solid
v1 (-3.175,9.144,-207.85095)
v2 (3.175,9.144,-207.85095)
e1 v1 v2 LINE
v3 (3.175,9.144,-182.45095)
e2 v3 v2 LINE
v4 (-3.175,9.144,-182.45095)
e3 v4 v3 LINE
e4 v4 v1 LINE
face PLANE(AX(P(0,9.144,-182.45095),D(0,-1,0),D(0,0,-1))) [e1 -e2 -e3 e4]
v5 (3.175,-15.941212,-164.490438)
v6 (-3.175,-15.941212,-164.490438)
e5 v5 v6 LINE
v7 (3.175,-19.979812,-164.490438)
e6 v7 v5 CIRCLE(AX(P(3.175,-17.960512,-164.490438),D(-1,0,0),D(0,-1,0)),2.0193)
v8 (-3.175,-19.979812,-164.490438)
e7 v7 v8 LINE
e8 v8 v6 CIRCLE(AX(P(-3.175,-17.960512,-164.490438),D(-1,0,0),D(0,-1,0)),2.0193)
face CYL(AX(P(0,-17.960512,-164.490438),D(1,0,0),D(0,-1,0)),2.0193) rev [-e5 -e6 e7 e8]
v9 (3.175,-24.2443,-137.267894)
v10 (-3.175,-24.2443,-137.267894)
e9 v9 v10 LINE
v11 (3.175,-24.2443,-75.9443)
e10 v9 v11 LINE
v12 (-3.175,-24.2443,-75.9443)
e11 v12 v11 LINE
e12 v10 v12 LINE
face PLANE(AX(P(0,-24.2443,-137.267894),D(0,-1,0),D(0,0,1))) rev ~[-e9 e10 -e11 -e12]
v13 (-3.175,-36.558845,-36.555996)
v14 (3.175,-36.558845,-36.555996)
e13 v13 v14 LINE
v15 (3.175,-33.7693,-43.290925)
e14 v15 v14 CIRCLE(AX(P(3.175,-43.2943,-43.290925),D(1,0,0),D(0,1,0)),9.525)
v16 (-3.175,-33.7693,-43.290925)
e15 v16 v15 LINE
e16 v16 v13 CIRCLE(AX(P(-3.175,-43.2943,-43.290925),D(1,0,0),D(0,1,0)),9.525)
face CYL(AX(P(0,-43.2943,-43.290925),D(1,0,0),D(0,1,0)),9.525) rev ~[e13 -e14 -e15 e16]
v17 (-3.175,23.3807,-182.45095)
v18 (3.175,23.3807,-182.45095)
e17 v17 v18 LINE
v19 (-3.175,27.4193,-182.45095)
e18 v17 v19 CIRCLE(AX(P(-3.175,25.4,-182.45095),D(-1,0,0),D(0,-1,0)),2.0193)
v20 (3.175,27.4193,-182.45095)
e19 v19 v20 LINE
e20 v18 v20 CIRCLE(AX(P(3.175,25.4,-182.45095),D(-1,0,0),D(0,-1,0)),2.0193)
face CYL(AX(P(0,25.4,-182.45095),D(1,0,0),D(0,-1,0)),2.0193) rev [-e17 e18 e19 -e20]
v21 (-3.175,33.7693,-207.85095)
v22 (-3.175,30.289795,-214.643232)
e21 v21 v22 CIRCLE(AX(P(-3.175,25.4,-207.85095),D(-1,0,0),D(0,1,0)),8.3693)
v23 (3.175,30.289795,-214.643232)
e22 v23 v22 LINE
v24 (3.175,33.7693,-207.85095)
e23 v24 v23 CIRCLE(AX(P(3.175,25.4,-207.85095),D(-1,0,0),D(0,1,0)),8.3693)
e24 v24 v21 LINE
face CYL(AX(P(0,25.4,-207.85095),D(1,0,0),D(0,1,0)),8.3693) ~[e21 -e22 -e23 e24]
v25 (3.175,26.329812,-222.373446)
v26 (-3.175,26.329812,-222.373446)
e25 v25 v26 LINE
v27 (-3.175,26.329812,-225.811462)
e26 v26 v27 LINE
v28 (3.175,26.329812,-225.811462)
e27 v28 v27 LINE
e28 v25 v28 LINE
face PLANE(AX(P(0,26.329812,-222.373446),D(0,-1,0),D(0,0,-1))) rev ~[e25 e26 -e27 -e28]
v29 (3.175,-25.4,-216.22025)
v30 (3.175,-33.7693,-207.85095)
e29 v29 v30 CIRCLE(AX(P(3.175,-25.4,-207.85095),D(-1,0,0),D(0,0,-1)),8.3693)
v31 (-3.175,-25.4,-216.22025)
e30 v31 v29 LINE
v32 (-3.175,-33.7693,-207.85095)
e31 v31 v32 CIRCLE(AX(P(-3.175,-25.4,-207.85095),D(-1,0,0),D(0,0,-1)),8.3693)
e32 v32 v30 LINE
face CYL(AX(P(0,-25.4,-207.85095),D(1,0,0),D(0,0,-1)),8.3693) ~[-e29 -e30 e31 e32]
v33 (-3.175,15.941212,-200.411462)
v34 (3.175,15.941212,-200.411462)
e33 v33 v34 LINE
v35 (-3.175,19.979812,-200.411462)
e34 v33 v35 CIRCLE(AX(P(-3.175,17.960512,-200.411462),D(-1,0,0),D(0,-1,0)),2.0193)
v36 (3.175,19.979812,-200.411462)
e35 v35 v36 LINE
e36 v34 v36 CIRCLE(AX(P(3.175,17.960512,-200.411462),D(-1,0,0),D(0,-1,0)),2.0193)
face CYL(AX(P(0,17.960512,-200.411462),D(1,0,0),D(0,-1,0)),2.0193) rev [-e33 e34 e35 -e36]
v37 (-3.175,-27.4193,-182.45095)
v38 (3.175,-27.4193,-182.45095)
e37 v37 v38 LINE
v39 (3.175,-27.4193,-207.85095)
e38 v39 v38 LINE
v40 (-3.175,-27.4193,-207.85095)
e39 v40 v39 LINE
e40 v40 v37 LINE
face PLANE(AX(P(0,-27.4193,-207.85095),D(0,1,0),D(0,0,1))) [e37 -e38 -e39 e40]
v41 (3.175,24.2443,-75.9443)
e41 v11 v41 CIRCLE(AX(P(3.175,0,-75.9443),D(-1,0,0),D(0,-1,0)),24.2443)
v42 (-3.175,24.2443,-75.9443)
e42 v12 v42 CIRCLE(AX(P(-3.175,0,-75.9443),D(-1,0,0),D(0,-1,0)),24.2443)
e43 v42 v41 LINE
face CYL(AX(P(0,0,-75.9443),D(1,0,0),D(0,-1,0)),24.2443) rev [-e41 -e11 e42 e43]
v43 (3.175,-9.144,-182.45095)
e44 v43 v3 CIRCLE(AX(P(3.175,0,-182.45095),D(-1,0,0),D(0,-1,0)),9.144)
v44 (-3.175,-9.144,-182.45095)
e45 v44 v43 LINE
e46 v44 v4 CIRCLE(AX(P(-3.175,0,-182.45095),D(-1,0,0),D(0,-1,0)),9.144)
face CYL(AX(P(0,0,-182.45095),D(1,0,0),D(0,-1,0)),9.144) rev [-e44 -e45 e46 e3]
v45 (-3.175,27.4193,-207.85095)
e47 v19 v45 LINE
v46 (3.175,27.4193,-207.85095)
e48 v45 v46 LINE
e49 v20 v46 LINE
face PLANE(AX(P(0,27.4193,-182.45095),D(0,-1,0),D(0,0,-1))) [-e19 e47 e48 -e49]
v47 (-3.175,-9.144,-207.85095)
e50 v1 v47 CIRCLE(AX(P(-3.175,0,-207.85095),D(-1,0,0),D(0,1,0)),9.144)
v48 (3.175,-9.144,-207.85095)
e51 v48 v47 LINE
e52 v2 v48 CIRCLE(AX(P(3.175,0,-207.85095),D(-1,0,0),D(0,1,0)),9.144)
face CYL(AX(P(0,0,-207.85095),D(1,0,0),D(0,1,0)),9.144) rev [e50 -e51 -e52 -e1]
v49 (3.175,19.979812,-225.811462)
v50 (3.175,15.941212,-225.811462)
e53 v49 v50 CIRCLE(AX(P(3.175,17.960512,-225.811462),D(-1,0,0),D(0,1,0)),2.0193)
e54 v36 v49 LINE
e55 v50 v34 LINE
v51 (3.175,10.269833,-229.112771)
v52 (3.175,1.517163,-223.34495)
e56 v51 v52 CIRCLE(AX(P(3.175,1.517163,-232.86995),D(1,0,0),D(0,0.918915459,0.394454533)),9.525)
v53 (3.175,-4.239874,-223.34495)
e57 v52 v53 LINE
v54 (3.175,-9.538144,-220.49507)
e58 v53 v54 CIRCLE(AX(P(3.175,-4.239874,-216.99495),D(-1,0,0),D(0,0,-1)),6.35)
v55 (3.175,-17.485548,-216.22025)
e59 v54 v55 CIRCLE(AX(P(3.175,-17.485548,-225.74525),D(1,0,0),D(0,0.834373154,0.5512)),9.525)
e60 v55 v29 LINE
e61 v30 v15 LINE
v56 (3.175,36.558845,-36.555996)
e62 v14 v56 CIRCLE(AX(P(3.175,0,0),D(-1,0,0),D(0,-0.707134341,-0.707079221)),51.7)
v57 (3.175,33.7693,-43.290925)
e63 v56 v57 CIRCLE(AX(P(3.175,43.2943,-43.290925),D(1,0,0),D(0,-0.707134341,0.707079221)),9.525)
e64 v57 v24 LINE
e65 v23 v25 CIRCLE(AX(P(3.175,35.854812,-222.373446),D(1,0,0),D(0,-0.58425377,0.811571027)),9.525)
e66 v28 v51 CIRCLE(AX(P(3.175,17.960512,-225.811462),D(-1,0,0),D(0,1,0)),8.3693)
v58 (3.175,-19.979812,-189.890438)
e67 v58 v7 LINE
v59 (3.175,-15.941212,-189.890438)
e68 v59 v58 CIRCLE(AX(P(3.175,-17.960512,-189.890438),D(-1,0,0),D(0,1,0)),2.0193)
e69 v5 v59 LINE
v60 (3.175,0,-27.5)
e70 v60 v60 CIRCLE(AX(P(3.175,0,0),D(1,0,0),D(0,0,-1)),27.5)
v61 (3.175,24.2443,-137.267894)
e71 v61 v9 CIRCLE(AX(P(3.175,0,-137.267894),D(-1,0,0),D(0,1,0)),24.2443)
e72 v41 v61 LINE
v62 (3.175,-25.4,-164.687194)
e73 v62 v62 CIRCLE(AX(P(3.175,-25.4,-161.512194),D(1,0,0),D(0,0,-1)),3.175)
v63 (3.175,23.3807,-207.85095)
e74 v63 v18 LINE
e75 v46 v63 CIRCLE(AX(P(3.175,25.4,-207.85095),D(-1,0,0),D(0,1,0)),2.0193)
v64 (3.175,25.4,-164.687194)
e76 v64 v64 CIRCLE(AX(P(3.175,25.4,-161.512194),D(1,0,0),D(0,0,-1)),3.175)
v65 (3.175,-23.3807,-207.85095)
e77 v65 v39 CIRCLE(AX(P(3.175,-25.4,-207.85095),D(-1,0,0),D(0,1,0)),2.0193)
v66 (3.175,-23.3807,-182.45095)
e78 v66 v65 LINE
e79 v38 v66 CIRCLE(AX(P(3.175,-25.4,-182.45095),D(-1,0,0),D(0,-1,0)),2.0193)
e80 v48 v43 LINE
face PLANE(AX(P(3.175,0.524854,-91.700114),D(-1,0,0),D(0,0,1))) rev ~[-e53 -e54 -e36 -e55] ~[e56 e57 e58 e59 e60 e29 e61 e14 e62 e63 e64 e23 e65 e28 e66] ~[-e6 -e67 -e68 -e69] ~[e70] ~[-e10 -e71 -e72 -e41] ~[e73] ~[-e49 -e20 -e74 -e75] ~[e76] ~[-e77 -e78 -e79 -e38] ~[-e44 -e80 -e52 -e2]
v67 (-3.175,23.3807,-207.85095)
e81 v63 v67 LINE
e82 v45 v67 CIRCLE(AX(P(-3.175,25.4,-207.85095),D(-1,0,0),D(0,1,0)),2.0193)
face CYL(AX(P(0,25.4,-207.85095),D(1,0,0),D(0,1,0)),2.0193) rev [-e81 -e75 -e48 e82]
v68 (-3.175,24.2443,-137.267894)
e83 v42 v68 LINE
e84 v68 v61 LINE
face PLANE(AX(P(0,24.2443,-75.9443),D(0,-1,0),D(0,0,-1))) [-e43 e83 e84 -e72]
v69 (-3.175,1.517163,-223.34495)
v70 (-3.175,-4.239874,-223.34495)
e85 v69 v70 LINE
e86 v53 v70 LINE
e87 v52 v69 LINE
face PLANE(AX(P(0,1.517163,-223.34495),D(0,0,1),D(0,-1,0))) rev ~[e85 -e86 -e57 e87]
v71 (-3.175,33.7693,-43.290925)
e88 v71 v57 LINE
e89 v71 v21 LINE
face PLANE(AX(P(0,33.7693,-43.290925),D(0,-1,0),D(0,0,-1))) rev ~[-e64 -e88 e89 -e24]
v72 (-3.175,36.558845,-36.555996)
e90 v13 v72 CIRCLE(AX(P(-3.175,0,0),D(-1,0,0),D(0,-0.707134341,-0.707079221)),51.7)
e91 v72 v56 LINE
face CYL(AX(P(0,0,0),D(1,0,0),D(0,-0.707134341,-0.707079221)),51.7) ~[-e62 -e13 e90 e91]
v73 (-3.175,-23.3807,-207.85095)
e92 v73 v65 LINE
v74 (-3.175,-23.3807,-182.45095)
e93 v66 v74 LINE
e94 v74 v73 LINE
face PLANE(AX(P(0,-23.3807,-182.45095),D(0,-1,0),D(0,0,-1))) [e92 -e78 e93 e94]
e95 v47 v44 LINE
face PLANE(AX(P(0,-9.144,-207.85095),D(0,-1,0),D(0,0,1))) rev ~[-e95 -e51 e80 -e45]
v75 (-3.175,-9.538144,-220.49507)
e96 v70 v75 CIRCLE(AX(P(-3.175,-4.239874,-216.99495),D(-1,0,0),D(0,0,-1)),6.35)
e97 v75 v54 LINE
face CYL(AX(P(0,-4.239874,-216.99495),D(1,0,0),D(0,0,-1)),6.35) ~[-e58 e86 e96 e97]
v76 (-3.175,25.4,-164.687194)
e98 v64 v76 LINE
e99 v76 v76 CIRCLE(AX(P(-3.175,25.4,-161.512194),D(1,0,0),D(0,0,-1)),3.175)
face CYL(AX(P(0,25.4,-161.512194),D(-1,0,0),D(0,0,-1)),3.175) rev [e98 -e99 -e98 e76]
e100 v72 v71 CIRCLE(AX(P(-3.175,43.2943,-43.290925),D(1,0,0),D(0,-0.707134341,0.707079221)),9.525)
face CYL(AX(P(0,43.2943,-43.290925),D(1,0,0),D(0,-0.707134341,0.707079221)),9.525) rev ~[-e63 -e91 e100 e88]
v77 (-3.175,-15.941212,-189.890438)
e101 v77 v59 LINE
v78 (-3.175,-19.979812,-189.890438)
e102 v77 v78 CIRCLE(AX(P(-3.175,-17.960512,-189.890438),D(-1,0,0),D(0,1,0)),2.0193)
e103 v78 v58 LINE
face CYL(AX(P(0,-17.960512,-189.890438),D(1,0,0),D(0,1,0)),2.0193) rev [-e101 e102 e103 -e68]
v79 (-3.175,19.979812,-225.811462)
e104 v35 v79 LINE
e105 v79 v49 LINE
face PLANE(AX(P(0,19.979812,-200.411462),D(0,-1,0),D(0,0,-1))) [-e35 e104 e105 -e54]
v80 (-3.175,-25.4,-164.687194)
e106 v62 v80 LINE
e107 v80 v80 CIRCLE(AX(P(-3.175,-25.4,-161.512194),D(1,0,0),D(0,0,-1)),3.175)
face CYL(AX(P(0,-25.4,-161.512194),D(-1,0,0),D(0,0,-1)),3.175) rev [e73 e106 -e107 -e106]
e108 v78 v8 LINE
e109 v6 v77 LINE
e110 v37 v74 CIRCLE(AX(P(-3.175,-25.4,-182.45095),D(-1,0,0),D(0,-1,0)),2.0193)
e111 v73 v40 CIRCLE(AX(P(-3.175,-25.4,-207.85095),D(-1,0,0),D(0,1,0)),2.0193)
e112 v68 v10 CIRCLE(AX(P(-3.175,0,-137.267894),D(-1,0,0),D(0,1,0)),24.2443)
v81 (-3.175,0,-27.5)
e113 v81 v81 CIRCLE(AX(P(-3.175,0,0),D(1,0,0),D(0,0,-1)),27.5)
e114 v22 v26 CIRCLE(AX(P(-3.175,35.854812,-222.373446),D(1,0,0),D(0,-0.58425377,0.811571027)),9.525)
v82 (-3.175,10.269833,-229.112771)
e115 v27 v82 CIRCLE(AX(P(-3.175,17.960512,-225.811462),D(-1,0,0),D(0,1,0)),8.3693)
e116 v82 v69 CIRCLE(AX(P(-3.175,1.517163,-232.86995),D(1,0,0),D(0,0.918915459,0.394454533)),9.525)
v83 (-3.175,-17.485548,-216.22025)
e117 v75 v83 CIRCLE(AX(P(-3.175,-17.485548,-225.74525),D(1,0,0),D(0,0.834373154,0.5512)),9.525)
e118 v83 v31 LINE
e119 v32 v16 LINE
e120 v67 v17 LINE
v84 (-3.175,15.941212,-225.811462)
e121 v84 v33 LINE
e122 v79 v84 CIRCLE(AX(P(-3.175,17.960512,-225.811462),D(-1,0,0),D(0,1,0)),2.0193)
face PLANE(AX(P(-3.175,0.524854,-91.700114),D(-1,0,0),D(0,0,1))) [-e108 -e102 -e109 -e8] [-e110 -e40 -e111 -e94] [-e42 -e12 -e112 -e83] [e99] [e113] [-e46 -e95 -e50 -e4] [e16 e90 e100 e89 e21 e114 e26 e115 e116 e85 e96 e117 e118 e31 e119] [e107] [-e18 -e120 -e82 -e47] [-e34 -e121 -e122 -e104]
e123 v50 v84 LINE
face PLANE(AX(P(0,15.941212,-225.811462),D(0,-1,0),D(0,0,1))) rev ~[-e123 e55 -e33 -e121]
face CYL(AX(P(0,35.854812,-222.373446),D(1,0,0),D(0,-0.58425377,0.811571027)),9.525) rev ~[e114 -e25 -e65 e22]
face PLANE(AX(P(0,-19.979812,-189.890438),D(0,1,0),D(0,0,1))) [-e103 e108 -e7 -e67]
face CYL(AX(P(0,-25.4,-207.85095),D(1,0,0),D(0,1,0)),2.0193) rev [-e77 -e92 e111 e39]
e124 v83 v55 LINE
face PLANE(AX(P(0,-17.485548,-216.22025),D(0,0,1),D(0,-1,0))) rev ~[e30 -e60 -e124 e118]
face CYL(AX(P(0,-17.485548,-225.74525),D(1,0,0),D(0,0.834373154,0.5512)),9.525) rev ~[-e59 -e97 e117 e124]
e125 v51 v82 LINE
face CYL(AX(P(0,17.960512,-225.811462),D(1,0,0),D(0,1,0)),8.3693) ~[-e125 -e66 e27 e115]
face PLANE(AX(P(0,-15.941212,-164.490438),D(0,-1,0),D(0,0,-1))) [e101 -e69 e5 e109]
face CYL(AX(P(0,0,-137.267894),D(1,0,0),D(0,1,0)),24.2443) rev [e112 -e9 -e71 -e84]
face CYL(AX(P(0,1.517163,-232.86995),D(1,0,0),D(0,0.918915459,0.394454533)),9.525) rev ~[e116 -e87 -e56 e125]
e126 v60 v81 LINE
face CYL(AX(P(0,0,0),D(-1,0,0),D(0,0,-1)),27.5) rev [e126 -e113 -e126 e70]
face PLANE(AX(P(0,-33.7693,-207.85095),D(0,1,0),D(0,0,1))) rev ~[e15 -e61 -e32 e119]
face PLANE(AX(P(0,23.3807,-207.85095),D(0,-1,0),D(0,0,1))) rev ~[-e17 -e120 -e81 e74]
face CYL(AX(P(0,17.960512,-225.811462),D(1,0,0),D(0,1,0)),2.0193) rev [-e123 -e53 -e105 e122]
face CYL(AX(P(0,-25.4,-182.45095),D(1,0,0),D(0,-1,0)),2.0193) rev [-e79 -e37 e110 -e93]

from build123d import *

# Parameters (mm, degrees)
SKETCH1_R           = 27.5
SKETCH1_R_2         = 3.175
BOSS_EXTRUDE1_DEPTH = 3.175


with BuildPart() as part:
    # Sketch1 → Boss-Extrude1 (new, symmetric)
    with BuildSketch(Plane(origin=(0, 0, 0), x_dir=(0, 0, -1), z_dir=(1, 0, 0))):
        with BuildLine():
            Line((43.290925291, 33.7693), (207.850950123, 33.7693))
            ThreePointArc((207.850950123, 33.7693), (211.66677379, 32.848803409), (214.643231519, 30.28979508))
            ThreePointArc((214.643231519, 30.28979508), (218.030702378, 27.377418378), (222.373445551, 26.329812242))
            Line((222.373445551, 26.329812242), (225.811462365, 26.329812242))
            ThreePointArc((225.811462365, 26.329812242), (234.009351835, 19.645680106), (229.112770692, 10.26983309))
            ThreePointArc((229.112770692, 10.26983309), (224.916562194, 6.758274432), (223.344950123, 1.517163342))
            Line((223.344950123, 1.517163342), (223.344950123, -4.239874171))
            ThreePointArc((223.344950123, -4.239874171), (222.587277992, -7.247924869), (220.495070123, -9.538143699))
            ThreePointArc((220.495070123, -9.538143699), (217.356758318, -12.973471943), (216.220250123, -17.48554799))
            Line((216.220250123, -17.48554799), (216.220250123, -25.4))
            ThreePointArc((216.220250123, -25.4), (213.768938906, -31.317988784), (207.850950123, -33.7693))
            Line((207.850950123, -33.7693), (43.290925291, -33.7693))
            ThreePointArc((43.290925291, -33.7693), (39.64603709, -34.49427642), (36.555995713, -36.558845406))
            ThreePointArc((36.555995713, -36.558845406), (-51.7, 0), (36.555995713, 36.558845406))
            ThreePointArc((36.555995713, 36.558845406), (39.64603709, 34.49427642), (43.290925291, 33.7693))
        make_face()
        Circle(SKETCH1_R, mode=Mode.SUBTRACT)
        with Locations((161.512193823, 25.4)):
            Circle(SKETCH1_R_2, mode=Mode.SUBTRACT)
        with Locations((161.512193823, -25.4)):
            Circle(SKETCH1_R_2, mode=Mode.SUBTRACT)
        with BuildLine():
            Line((75.9443, 24.2443), (137.267893823, 24.2443))
            ThreePointArc((137.267893823, 24.2443), (161.512193823, 0), (137.267893823, -24.2443))
            Line((137.267893823, -24.2443), (75.9443, -24.2443))
            ThreePointArc((75.9443, -24.2443), (51.7, 0), (75.9443, 24.2443))
        make_face(mode=Mode.SUBTRACT)
        with BuildLine():
            Line((182.450950123, 9.144), (207.850950123, 9.144))
            ThreePointArc((207.850950123, 9.144), (216.994950123, 0), (207.850950123, -9.144))
            Line((207.850950123, -9.144), (182.450950123, -9.144))
            ThreePointArc((182.450950123, -9.144), (173.306950123, 0), (182.450950123, 9.144))
        make_face(mode=Mode.SUBTRACT)
        with BuildLine():
            Line((164.490437881, -15.941212242), (189.890437881, -15.941212242))
            ThreePointArc((189.890437881, -15.941212242), (191.909737881, -17.960512242), (189.890437881, -19.979812242))
            Line((189.890437881, -19.979812242), (164.490437881, -19.979812242))
            ThreePointArc((164.490437881, -19.979812242), (162.471137881, -17.960512242), (164.490437881, -15.941212242))
        make_face(mode=Mode.SUBTRACT)
        with BuildLine():
            Line((200.411462365, 19.979812242), (225.811462365, 19.979812242))
            ThreePointArc((225.811462365, 19.979812242), (227.830762365, 17.960512242), (225.811462365, 15.941212242))
            Line((225.811462365, 15.941212242), (200.411462365, 15.941212242))
            ThreePointArc((200.411462365, 15.941212242), (198.392162365, 17.960512242), (200.411462365, 19.979812242))
        make_face(mode=Mode.SUBTRACT)
        with BuildLine():
            Line((182.450950123, 27.4193), (207.850950123, 27.4193))
            ThreePointArc((207.850950123, 27.4193), (209.870250123, 25.4), (207.850950123, 23.3807))
            Line((207.850950123, 23.3807), (182.450950123, 23.3807))
            ThreePointArc((182.450950123, 23.3807), (180.431650123, 25.4), (182.450950123, 27.4193))
        make_face(mode=Mode.SUBTRACT)
        with BuildLine():
            Line((182.450950123, -23.3807), (207.850950123, -23.3807))
            ThreePointArc((207.850950123, -23.3807), (209.870250123, -25.4), (207.850950123, -27.4193))
            Line((207.850950123, -27.4193), (182.450950123, -27.4193))
            ThreePointArc((182.450950123, -27.4193), (180.431650123, -25.4), (182.450950123, -23.3807))
        make_face(mode=Mode.SUBTRACT)
    extrude(amount=BOSS_EXTRUDE1_DEPTH, both=True)


solid = part.part
